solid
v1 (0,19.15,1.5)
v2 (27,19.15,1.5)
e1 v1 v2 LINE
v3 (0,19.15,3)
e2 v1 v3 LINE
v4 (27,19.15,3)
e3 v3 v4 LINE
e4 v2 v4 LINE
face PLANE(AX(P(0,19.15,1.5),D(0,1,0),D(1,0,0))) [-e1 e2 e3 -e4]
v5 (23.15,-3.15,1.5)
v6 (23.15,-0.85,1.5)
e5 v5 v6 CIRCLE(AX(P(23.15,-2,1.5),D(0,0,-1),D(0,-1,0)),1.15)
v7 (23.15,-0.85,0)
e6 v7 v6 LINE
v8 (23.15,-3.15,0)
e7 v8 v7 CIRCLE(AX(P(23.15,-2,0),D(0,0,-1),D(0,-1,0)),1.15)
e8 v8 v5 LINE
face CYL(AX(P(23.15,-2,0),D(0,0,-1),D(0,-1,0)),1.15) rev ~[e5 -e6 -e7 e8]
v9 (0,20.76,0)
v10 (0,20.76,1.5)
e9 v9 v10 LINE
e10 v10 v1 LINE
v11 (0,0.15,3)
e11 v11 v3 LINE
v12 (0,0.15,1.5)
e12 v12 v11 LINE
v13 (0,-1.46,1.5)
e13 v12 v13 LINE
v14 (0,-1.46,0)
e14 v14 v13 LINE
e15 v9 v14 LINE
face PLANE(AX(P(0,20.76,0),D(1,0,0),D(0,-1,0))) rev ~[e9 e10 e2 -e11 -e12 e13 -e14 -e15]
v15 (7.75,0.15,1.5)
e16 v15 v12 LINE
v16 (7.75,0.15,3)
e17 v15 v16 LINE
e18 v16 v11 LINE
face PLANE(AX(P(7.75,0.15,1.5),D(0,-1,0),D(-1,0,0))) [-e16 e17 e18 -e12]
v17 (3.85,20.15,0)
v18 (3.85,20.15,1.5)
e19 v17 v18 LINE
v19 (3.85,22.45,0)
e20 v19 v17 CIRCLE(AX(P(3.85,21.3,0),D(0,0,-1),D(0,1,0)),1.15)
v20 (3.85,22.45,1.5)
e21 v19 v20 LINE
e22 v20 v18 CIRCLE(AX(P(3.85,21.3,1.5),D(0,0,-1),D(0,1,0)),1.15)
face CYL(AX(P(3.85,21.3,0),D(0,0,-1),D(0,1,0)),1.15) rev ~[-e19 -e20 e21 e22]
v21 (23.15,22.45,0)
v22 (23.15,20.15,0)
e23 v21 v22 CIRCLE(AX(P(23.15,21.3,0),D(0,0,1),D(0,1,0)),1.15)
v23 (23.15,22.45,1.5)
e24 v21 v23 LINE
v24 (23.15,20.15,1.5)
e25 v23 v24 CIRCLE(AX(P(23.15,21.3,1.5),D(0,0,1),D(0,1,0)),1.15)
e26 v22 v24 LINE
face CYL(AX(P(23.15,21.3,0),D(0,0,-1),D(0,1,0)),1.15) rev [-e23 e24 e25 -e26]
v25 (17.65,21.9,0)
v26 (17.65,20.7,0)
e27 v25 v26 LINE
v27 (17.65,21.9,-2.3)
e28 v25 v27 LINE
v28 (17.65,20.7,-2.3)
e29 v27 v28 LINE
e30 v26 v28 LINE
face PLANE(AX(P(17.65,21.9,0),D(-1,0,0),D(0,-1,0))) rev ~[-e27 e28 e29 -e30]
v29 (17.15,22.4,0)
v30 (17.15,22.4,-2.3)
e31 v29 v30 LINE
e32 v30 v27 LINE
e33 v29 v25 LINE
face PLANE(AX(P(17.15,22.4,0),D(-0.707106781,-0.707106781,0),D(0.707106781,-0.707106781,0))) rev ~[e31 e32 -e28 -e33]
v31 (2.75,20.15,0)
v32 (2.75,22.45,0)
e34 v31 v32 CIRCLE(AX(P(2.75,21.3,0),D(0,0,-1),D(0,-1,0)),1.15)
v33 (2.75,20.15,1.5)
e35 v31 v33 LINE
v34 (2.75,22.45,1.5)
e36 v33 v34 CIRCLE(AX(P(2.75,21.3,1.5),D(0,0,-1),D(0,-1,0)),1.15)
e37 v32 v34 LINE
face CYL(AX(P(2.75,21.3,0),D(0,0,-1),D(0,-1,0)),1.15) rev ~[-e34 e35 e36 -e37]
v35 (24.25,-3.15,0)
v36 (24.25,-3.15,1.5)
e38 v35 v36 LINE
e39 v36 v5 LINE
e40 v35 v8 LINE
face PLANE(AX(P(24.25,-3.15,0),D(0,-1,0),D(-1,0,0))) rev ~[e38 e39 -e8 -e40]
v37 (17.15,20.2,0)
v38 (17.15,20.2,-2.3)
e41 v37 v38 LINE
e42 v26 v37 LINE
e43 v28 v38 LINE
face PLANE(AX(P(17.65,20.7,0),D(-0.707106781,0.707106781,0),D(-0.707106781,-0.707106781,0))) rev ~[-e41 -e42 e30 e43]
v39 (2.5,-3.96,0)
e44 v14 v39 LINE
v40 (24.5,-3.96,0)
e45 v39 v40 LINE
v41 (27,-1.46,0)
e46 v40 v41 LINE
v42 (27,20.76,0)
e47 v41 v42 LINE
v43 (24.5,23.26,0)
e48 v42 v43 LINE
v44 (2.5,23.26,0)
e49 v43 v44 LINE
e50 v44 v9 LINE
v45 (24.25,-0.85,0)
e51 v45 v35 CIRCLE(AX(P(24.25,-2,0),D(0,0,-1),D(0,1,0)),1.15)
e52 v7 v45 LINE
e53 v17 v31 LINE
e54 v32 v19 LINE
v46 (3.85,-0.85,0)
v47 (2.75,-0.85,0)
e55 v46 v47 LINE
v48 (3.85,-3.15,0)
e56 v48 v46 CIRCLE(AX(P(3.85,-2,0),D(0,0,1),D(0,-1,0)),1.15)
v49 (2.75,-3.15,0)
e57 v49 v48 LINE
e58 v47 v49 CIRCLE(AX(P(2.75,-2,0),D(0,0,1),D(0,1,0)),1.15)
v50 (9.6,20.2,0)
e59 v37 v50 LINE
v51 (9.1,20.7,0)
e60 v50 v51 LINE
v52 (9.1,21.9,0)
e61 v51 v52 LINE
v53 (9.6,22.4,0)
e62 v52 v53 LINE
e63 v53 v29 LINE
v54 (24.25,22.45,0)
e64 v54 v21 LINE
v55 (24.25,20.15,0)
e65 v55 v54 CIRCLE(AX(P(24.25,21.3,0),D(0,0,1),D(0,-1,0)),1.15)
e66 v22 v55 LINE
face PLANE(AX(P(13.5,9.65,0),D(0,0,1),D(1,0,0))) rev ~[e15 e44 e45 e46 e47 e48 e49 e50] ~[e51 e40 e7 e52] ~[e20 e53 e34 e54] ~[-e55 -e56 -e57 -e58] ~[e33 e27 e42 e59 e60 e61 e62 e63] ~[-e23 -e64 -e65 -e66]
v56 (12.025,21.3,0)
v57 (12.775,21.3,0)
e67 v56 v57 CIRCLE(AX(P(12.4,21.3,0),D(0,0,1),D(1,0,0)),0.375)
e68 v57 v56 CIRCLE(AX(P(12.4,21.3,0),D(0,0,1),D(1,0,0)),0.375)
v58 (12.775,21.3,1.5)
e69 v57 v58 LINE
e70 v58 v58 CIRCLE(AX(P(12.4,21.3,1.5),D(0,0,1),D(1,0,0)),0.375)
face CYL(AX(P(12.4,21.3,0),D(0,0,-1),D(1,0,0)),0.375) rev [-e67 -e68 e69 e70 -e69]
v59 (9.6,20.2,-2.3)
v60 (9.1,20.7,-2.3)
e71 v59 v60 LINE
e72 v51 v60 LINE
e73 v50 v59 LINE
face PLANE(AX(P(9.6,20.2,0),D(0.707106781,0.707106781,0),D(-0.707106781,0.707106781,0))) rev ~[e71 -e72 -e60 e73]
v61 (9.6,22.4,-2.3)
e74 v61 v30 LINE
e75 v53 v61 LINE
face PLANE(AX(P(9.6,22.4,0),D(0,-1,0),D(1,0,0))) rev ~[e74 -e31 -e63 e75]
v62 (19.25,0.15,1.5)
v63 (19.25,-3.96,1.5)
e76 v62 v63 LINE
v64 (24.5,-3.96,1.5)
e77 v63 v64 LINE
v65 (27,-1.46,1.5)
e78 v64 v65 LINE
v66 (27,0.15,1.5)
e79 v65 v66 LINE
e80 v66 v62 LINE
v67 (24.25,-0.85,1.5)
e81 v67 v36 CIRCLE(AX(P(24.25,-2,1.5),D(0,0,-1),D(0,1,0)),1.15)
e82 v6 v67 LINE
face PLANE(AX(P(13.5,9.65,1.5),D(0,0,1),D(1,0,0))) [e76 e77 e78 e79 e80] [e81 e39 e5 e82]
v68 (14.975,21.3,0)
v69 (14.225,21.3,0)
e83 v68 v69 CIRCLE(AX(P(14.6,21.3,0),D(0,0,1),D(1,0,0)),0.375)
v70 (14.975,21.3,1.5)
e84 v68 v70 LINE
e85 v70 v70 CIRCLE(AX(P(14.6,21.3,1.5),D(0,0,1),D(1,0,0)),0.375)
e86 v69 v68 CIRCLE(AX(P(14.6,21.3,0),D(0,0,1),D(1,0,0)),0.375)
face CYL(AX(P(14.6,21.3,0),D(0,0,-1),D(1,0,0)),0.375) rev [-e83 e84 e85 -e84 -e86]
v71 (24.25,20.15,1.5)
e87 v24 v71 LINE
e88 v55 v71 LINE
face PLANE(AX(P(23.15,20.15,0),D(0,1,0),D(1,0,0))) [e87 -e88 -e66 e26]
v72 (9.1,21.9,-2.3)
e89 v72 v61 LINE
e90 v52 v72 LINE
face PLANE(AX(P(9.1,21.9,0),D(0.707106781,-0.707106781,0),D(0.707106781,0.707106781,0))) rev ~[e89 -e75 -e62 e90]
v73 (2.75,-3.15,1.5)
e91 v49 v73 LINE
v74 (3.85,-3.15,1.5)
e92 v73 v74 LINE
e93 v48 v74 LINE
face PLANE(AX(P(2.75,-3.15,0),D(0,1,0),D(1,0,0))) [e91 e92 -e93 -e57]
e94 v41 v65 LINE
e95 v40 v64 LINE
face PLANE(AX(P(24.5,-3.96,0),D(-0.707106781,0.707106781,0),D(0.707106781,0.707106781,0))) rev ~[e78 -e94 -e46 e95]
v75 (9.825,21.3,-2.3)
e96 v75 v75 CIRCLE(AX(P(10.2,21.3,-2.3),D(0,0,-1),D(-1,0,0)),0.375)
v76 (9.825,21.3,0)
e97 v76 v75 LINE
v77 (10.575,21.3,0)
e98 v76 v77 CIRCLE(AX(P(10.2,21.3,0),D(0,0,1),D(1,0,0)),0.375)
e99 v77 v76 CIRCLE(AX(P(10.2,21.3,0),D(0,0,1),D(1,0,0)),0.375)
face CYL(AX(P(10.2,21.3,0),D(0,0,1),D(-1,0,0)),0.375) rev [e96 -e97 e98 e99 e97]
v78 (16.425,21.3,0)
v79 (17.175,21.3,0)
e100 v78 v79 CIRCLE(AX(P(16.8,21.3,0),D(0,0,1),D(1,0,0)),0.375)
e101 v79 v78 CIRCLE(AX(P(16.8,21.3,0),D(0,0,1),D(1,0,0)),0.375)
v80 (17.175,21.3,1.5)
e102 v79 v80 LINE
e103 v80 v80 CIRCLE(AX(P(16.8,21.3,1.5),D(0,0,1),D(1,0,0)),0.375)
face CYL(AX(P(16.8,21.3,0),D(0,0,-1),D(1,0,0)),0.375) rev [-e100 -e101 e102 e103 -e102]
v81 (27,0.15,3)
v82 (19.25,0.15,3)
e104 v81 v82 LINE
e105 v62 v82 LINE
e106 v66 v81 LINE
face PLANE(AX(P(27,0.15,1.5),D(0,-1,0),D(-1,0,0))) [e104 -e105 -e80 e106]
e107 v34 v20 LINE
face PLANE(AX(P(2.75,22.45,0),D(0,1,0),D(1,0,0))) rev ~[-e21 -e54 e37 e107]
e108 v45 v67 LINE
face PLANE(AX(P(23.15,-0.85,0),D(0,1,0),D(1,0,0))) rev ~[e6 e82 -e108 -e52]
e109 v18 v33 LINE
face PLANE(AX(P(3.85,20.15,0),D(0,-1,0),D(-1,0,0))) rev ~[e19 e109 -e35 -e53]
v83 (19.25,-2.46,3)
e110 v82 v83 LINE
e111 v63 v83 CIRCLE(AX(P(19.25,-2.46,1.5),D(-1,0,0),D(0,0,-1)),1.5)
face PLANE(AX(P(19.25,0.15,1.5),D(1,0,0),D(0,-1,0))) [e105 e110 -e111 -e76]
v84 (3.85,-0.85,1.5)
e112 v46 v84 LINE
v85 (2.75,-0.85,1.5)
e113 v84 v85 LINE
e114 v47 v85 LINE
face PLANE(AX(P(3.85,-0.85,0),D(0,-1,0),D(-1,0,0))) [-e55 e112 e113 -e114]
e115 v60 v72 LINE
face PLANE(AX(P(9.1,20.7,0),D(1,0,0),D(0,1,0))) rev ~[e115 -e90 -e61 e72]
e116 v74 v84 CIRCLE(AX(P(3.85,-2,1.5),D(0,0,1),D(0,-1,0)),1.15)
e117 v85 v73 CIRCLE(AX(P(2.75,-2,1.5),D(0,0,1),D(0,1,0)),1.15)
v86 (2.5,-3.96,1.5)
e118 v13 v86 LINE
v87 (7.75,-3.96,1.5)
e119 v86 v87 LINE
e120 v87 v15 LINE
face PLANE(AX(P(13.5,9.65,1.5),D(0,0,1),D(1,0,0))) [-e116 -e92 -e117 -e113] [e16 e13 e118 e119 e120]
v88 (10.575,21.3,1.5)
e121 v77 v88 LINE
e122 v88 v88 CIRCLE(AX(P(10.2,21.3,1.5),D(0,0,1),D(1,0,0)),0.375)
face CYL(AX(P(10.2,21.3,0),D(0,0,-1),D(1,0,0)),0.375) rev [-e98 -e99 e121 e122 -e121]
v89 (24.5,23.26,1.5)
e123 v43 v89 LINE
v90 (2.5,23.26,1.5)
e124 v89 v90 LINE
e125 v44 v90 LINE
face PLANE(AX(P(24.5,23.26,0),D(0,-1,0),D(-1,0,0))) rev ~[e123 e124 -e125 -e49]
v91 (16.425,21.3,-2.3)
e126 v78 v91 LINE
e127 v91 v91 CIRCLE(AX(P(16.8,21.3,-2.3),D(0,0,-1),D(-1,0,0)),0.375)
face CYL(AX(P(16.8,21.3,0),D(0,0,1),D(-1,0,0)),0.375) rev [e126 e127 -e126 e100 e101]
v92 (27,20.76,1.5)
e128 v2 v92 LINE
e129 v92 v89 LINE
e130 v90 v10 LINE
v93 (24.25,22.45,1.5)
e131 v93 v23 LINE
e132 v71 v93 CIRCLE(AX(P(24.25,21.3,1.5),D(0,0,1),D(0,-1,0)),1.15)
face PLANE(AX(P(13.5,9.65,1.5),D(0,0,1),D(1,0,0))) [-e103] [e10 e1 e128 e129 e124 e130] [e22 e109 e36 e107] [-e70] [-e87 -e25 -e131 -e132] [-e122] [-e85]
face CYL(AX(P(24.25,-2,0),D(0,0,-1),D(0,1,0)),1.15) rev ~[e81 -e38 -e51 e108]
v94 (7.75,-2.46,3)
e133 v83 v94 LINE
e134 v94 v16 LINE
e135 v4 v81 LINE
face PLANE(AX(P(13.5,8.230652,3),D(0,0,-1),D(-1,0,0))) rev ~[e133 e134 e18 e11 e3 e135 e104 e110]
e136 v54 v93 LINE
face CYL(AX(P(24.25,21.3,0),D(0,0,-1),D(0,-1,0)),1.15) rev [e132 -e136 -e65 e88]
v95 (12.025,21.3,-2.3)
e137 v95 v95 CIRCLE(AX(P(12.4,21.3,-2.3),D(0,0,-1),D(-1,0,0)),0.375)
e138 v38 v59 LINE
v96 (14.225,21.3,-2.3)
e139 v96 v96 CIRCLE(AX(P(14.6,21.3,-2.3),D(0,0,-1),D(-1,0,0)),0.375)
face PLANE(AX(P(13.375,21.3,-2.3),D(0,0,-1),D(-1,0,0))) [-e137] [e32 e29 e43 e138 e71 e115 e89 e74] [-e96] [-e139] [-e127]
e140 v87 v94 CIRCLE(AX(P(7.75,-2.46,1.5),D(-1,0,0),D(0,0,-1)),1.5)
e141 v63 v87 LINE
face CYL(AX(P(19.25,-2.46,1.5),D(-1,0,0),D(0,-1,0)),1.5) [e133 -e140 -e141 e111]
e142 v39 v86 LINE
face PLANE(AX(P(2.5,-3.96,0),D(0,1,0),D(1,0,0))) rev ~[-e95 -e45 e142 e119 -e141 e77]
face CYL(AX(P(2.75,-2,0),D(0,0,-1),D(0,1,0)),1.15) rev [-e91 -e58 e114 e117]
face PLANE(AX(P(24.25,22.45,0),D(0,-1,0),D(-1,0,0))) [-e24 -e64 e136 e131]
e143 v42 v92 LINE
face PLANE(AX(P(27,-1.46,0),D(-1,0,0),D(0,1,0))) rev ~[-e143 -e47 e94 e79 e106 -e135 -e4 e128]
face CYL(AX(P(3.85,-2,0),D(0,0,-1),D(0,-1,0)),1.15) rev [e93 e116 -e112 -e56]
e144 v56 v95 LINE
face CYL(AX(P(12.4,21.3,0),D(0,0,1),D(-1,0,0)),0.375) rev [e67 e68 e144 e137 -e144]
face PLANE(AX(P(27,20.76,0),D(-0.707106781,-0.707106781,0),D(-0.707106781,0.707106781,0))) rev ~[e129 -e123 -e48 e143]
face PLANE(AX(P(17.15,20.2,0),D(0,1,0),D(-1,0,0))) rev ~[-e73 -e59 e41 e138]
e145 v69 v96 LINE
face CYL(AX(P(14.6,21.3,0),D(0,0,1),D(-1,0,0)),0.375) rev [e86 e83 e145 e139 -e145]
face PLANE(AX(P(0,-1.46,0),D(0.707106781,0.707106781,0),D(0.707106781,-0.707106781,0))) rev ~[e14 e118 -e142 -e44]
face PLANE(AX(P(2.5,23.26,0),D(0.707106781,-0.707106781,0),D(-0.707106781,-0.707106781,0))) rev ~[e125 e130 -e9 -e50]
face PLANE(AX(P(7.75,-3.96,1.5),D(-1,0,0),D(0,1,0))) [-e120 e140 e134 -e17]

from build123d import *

# Parameters (mm, degrees)
ESQUISSE1_R        = 0.375
BOSS_EXTRU_1_DEPTH = 1.5
BOSS_EXTRU_2_DEPTH = 1.5
CONG_1_R           = 1.5
ESQUISSE3_R        = 0.375
BOSS_EXTRU_3_DEPTH = 2.3


with BuildPart() as part:
    # Esquisse1 → Boss.-Extru.1 (new body)
    with BuildSketch(Plane.XY):
        Polygon((0, -1.46), (2.5, -3.96), (24.5, -3.96), (27, -1.46), (27, 20.76), (24.5, 23.26), (2.5, 23.26), (0, 20.76), align=None)
        with Locations((10.2, 21.3)):
            Circle(ESQUISSE1_R, mode=Mode.SUBTRACT)
        with Locations((12.4, 21.3)):
            Circle(ESQUISSE1_R, mode=Mode.SUBTRACT)
        with Locations((14.6, 21.3)):
            Circle(ESQUISSE1_R, mode=Mode.SUBTRACT)
        with Locations((16.8, 21.3)):
            Circle(ESQUISSE1_R, mode=Mode.SUBTRACT)
        with BuildLine():
            Line((2.75, 22.45), (3.85, 22.45))
            ThreePointArc((3.85, 22.45), (5, 21.3), (3.85, 20.15))
            Line((3.85, 20.15), (2.75, 20.15))
            ThreePointArc((2.75, 20.15), (1.6, 21.3), (2.75, 22.45))
        make_face(mode=Mode.SUBTRACT)
        with BuildLine():
            Line((24.25, 22.45), (23.15, 22.45))
            ThreePointArc((23.15, 22.45), (22, 21.3), (23.15, 20.15))
            Line((23.15, 20.15), (24.25, 20.15))
            ThreePointArc((24.25, 20.15), (25.4, 21.3), (24.25, 22.45))
        make_face(mode=Mode.SUBTRACT)
        with BuildLine():
            Line((24.25, -3.15), (23.15, -3.15))
            ThreePointArc((23.15, -3.15), (22, -2), (23.15, -0.85))
            Line((23.15, -0.85), (24.25, -0.85))
            ThreePointArc((24.25, -0.85), (25.4, -2), (24.25, -3.15))
        make_face(mode=Mode.SUBTRACT)
        with BuildLine():
            Line((2.75, -3.15), (3.85, -3.15))
            ThreePointArc((3.85, -3.15), (5, -2), (3.85, -0.85))
            Line((3.85, -0.85), (2.75, -0.85))
            ThreePointArc((2.75, -0.85), (1.6, -2), (2.75, -3.15))
        make_face(mode=Mode.SUBTRACT)
    extrude(amount=BOSS_EXTRU_1_DEPTH)

    # Esquisse2 → Boss.-Extru.2 (add)
    with BuildSketch(Plane.XY.offset(1.5)):
        Polygon((0, 19.15), (27, 19.15), (27, 0.15), (19.25, 0.15), (19.25, -3.96), (7.75, -3.96), (7.75, 0.15), (0, 0.15), align=None)
    extrude(amount=BOSS_EXTRU_2_DEPTH)

    # Congé1
    cong_1_edges = [part.edges().sort_by_distance(p)[0] for p in [
        (13.5, -3.96, 3),
    ]]
    fillet(cong_1_edges, radius=CONG_1_R)

    # Esquisse3 → Boss.-Extru.3 (add)
    with BuildSketch(Plane(origin=(0, 0, 0), x_dir=(-1, 0, 0), z_dir=(0, 0, -1))):
        Polygon((-17.65, 20.7), (-17.15, 20.2), (-15.45, 20.2), (-13.5, 20.2), (-11.3, 20.2), (-9.6, 20.2), (-9.1, 20.7), (-9.1, 21.9), (-9.6, 22.4), (-11.3, 22.4), (-13.5, 22.4), (-15.45, 22.4), (-17.15, 22.4), (-17.65, 21.9), align=None)
        with Locations((-10.2, 21.3)):
            Circle(ESQUISSE3_R, mode=Mode.SUBTRACT)
        with Locations((-16.8, 21.3)):
            Circle(ESQUISSE3_R, mode=Mode.SUBTRACT)
        with Locations((-12.4, 21.3)):
            Circle(ESQUISSE3_R, mode=Mode.SUBTRACT)
        with Locations((-14.6, 21.3)):
            Circle(ESQUISSE3_R, mode=Mode.SUBTRACT)
    extrude(amount=BOSS_EXTRU_3_DEPTH)


solid = part.part
